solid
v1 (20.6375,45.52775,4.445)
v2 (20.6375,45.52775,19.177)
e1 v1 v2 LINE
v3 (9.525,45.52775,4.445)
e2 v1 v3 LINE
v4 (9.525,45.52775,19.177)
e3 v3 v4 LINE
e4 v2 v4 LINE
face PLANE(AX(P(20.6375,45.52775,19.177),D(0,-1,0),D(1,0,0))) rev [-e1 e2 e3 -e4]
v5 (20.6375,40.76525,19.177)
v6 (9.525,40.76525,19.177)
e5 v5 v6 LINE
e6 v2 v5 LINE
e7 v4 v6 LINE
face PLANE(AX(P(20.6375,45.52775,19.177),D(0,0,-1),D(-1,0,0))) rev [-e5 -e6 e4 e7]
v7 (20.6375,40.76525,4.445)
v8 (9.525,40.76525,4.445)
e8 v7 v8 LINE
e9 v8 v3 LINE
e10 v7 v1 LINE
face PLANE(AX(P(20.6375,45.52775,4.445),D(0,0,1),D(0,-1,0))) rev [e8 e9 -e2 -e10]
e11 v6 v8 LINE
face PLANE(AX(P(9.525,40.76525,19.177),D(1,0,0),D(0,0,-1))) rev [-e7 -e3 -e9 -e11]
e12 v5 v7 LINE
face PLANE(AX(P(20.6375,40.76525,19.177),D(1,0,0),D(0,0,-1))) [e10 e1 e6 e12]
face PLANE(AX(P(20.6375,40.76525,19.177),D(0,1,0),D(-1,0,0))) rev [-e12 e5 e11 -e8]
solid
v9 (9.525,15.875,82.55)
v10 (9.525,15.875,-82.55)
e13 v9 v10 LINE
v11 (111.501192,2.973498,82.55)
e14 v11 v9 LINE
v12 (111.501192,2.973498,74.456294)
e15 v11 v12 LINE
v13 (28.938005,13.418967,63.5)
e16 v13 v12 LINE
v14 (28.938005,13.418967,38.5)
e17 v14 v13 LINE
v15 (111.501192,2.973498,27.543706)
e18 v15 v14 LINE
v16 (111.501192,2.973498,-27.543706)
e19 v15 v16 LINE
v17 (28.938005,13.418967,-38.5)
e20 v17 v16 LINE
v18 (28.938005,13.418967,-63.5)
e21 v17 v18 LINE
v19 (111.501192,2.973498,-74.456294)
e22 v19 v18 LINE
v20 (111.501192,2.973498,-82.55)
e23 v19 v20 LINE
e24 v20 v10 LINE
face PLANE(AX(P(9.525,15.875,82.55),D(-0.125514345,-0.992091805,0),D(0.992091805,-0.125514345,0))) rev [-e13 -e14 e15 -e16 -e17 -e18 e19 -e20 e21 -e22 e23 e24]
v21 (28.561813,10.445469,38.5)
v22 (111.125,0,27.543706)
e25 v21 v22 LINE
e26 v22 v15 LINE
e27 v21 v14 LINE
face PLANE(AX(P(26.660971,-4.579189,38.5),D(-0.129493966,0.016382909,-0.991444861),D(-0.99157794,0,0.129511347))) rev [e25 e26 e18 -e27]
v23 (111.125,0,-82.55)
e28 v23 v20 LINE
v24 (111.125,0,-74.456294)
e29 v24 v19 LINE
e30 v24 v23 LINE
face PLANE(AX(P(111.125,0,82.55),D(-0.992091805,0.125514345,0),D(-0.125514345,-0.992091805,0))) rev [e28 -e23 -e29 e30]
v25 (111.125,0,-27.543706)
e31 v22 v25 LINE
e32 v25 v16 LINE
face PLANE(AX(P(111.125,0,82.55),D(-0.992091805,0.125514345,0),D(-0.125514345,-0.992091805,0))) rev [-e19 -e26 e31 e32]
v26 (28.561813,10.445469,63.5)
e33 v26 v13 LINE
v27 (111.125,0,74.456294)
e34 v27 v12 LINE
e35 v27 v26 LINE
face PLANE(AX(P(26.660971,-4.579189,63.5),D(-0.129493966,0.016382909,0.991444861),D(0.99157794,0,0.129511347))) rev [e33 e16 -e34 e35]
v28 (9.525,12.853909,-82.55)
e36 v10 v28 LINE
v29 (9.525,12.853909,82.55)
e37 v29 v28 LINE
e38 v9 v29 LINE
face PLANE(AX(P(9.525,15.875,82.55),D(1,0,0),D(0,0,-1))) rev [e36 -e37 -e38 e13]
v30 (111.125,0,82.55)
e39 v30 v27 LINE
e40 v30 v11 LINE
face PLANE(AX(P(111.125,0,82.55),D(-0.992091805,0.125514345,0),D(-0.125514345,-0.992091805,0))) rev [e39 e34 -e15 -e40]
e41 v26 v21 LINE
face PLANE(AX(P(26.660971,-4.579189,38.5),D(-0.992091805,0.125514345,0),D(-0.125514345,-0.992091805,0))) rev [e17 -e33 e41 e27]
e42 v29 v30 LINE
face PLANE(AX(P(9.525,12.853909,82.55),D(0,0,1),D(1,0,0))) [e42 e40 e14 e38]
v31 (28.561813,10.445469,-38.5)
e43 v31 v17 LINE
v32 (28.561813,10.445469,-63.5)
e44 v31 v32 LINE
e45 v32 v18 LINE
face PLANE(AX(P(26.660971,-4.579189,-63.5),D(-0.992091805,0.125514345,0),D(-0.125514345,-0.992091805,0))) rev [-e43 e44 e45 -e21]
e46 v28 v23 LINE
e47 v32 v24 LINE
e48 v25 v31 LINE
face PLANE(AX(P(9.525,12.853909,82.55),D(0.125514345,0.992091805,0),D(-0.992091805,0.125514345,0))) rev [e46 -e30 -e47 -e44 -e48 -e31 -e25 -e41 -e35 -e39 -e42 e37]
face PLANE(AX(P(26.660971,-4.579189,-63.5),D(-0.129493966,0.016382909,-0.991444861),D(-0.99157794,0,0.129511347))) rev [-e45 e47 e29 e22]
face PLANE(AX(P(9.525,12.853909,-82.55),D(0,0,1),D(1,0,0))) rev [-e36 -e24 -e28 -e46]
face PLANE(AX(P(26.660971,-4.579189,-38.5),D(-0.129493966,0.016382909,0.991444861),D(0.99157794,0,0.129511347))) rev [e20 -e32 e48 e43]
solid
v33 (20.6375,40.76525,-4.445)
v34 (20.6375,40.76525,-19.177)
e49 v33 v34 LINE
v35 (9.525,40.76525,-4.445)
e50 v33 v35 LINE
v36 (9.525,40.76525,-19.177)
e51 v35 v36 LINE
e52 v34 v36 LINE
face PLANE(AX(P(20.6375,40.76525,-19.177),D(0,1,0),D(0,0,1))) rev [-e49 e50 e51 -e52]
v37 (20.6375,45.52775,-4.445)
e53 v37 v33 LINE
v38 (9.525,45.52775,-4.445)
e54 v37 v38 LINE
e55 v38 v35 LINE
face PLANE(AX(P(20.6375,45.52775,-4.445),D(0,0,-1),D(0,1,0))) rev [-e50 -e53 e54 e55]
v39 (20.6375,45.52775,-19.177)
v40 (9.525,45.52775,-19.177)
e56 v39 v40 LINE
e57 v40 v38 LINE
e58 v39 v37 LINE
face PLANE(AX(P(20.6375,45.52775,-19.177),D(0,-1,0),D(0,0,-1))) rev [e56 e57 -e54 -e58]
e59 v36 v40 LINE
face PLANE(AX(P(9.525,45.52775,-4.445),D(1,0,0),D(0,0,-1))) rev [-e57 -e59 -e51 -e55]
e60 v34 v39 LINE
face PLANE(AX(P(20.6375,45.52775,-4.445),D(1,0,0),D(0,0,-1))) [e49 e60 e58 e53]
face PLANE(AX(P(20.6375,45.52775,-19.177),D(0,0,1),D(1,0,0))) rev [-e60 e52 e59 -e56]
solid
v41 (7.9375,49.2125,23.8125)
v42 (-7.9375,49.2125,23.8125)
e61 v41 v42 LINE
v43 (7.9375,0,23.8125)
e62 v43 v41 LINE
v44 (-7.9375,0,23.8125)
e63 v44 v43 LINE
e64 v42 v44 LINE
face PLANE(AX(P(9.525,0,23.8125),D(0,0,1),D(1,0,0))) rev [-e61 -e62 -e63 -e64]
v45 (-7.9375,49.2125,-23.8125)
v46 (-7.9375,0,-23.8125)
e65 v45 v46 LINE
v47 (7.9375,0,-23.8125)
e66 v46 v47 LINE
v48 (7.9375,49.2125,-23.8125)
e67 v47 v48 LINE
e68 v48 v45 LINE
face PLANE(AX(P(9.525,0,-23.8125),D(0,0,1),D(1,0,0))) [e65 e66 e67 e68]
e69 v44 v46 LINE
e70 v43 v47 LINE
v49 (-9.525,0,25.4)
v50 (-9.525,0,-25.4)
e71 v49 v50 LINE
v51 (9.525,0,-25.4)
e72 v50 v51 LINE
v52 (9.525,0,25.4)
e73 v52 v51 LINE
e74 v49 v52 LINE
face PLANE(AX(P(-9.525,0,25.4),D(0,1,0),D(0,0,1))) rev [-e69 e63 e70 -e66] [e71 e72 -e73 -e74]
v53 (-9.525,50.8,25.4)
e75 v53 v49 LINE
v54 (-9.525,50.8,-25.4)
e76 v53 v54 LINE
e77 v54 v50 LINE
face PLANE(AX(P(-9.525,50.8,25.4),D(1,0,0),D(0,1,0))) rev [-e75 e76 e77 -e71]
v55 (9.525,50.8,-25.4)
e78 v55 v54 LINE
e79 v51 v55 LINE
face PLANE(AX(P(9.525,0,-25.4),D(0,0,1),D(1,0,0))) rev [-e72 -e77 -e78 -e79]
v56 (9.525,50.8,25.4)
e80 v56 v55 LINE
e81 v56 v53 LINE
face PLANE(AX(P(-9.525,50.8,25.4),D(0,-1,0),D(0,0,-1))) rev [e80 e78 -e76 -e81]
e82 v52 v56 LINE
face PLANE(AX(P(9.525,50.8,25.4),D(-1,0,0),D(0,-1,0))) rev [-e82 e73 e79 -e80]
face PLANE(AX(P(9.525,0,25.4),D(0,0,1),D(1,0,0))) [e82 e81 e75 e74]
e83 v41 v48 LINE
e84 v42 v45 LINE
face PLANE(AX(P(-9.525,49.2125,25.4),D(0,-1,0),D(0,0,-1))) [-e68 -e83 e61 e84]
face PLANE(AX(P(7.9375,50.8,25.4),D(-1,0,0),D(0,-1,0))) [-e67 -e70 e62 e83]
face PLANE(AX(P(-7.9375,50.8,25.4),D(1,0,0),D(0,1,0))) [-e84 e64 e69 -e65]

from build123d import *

# Parameters (mm, degrees)
SKETCH1_W        = 19.05
SKETCH1_H        = 50.8
EXTRUDE1_DEPTH   = 25.4
SHELL1_T         = -1.5875
EXTRUDE3_DEPTH   = 82.55
EXTRUDE4_DEPTH   = 25
SKETCH5_W        = 14.732
SKETCH5_H        = 4.7625
EXTRUDE5_DEPTH   = 11.1125
EXTRUDE5_2_DEPTH = 11.1125
EXTRUDE10_DEPTH  = 2.9972


with BuildPart() as part:
    # Sketch1 → Extrude1 (new body, symmetric)
    with BuildSketch(Plane.XY):
        with Locations((0, 25.4)):
            Rectangle(SKETCH1_W, SKETCH1_H)
    extrude(amount=EXTRUDE1_DEPTH, both=True)

    # Shell1
    shell1_openings = [part.faces().sort_by_distance(p)[0] for p in [
        (0, 0, 0),
    ]]
    offset(amount=SHELL1_T, openings=shell1_openings, kind=Kind.INTERSECTION)


with BuildPart() as body_2:
    # Sketch3 → Extrude3 (new body, symmetric)
    with BuildSketch(Plane.XY):
        Polygon((9.525, 15.875), (111.501191593, 2.973497558), (111.125, 0), (9.525, 12.85390862), align=None)
    extrude(amount=EXTRUDE3_DEPTH, both=True)

    # Sketch4 → Extrude4 (cut)
    with BuildSketch(Plane.XY.offset(63.5)):
        with BuildLine():
            Line((63.337117092, 9.066968152), (28.938004512, 13.418966673))
            ThreePointArc((28.938004512, 13.418966673), (44.989198765, 2.166072097), (63.337117092, 9.066968152))
        make_face()
    extrude4 = extrude(amount=-EXTRUDE4_DEPTH, mode=Mode.SUBTRACT)

    # Mirror1: Extrude4 across plane
    add(extrude4.mirror(Plane.XY), mode=Mode.SUBTRACT)

    # Sketch9 → Extrude10 (cut)
    with BuildSketch(Plane(origin=(2.12683825, 16.810977314, 0), x_dir=(0.992091805, -0.125514345, 0), z_dir=(0.125514345, 0.992091805, 0))):
        Polygon((27.02488432, 38.5), (110.246201818, 27.543705699), (110.246201818, 74.456294301), (27.02488432, 63.5), align=None)
        Polygon((27.02488432, -63.5), (110.246201818, -74.456294301), (110.246201818, -27.543705699), (27.02488432, -38.5), align=None)
    extrude(amount=-EXTRUDE10_DEPTH, mode=Mode.SUBTRACT)


with BuildPart() as body_3:
    # Sketch5 → Extrude5 (new body)
    with BuildSketch(Plane(origin=(9.525, 0, 0), x_dir=(0, 0, -1), z_dir=(1, 0, 0))):
        with Locations((-11.811, 43.146500004)):
            Rectangle(SKETCH5_W, SKETCH5_H)
    extrude(amount=EXTRUDE5_DEPTH)


with BuildPart() as body_4:
    # Sketch5 → Extrude5 2 (new body)
    with BuildSketch(Plane(origin=(9.525, 0, 0), x_dir=(0, 0, -1), z_dir=(1, 0, 0))):
        with Locations((11.811, 43.146500004)):
            Rectangle(SKETCH5_W, SKETCH5_H)
    extrude(amount=EXTRUDE5_2_DEPTH)


solid = Compound([part.part, body_2.part, body_3.part, body_4.part])
